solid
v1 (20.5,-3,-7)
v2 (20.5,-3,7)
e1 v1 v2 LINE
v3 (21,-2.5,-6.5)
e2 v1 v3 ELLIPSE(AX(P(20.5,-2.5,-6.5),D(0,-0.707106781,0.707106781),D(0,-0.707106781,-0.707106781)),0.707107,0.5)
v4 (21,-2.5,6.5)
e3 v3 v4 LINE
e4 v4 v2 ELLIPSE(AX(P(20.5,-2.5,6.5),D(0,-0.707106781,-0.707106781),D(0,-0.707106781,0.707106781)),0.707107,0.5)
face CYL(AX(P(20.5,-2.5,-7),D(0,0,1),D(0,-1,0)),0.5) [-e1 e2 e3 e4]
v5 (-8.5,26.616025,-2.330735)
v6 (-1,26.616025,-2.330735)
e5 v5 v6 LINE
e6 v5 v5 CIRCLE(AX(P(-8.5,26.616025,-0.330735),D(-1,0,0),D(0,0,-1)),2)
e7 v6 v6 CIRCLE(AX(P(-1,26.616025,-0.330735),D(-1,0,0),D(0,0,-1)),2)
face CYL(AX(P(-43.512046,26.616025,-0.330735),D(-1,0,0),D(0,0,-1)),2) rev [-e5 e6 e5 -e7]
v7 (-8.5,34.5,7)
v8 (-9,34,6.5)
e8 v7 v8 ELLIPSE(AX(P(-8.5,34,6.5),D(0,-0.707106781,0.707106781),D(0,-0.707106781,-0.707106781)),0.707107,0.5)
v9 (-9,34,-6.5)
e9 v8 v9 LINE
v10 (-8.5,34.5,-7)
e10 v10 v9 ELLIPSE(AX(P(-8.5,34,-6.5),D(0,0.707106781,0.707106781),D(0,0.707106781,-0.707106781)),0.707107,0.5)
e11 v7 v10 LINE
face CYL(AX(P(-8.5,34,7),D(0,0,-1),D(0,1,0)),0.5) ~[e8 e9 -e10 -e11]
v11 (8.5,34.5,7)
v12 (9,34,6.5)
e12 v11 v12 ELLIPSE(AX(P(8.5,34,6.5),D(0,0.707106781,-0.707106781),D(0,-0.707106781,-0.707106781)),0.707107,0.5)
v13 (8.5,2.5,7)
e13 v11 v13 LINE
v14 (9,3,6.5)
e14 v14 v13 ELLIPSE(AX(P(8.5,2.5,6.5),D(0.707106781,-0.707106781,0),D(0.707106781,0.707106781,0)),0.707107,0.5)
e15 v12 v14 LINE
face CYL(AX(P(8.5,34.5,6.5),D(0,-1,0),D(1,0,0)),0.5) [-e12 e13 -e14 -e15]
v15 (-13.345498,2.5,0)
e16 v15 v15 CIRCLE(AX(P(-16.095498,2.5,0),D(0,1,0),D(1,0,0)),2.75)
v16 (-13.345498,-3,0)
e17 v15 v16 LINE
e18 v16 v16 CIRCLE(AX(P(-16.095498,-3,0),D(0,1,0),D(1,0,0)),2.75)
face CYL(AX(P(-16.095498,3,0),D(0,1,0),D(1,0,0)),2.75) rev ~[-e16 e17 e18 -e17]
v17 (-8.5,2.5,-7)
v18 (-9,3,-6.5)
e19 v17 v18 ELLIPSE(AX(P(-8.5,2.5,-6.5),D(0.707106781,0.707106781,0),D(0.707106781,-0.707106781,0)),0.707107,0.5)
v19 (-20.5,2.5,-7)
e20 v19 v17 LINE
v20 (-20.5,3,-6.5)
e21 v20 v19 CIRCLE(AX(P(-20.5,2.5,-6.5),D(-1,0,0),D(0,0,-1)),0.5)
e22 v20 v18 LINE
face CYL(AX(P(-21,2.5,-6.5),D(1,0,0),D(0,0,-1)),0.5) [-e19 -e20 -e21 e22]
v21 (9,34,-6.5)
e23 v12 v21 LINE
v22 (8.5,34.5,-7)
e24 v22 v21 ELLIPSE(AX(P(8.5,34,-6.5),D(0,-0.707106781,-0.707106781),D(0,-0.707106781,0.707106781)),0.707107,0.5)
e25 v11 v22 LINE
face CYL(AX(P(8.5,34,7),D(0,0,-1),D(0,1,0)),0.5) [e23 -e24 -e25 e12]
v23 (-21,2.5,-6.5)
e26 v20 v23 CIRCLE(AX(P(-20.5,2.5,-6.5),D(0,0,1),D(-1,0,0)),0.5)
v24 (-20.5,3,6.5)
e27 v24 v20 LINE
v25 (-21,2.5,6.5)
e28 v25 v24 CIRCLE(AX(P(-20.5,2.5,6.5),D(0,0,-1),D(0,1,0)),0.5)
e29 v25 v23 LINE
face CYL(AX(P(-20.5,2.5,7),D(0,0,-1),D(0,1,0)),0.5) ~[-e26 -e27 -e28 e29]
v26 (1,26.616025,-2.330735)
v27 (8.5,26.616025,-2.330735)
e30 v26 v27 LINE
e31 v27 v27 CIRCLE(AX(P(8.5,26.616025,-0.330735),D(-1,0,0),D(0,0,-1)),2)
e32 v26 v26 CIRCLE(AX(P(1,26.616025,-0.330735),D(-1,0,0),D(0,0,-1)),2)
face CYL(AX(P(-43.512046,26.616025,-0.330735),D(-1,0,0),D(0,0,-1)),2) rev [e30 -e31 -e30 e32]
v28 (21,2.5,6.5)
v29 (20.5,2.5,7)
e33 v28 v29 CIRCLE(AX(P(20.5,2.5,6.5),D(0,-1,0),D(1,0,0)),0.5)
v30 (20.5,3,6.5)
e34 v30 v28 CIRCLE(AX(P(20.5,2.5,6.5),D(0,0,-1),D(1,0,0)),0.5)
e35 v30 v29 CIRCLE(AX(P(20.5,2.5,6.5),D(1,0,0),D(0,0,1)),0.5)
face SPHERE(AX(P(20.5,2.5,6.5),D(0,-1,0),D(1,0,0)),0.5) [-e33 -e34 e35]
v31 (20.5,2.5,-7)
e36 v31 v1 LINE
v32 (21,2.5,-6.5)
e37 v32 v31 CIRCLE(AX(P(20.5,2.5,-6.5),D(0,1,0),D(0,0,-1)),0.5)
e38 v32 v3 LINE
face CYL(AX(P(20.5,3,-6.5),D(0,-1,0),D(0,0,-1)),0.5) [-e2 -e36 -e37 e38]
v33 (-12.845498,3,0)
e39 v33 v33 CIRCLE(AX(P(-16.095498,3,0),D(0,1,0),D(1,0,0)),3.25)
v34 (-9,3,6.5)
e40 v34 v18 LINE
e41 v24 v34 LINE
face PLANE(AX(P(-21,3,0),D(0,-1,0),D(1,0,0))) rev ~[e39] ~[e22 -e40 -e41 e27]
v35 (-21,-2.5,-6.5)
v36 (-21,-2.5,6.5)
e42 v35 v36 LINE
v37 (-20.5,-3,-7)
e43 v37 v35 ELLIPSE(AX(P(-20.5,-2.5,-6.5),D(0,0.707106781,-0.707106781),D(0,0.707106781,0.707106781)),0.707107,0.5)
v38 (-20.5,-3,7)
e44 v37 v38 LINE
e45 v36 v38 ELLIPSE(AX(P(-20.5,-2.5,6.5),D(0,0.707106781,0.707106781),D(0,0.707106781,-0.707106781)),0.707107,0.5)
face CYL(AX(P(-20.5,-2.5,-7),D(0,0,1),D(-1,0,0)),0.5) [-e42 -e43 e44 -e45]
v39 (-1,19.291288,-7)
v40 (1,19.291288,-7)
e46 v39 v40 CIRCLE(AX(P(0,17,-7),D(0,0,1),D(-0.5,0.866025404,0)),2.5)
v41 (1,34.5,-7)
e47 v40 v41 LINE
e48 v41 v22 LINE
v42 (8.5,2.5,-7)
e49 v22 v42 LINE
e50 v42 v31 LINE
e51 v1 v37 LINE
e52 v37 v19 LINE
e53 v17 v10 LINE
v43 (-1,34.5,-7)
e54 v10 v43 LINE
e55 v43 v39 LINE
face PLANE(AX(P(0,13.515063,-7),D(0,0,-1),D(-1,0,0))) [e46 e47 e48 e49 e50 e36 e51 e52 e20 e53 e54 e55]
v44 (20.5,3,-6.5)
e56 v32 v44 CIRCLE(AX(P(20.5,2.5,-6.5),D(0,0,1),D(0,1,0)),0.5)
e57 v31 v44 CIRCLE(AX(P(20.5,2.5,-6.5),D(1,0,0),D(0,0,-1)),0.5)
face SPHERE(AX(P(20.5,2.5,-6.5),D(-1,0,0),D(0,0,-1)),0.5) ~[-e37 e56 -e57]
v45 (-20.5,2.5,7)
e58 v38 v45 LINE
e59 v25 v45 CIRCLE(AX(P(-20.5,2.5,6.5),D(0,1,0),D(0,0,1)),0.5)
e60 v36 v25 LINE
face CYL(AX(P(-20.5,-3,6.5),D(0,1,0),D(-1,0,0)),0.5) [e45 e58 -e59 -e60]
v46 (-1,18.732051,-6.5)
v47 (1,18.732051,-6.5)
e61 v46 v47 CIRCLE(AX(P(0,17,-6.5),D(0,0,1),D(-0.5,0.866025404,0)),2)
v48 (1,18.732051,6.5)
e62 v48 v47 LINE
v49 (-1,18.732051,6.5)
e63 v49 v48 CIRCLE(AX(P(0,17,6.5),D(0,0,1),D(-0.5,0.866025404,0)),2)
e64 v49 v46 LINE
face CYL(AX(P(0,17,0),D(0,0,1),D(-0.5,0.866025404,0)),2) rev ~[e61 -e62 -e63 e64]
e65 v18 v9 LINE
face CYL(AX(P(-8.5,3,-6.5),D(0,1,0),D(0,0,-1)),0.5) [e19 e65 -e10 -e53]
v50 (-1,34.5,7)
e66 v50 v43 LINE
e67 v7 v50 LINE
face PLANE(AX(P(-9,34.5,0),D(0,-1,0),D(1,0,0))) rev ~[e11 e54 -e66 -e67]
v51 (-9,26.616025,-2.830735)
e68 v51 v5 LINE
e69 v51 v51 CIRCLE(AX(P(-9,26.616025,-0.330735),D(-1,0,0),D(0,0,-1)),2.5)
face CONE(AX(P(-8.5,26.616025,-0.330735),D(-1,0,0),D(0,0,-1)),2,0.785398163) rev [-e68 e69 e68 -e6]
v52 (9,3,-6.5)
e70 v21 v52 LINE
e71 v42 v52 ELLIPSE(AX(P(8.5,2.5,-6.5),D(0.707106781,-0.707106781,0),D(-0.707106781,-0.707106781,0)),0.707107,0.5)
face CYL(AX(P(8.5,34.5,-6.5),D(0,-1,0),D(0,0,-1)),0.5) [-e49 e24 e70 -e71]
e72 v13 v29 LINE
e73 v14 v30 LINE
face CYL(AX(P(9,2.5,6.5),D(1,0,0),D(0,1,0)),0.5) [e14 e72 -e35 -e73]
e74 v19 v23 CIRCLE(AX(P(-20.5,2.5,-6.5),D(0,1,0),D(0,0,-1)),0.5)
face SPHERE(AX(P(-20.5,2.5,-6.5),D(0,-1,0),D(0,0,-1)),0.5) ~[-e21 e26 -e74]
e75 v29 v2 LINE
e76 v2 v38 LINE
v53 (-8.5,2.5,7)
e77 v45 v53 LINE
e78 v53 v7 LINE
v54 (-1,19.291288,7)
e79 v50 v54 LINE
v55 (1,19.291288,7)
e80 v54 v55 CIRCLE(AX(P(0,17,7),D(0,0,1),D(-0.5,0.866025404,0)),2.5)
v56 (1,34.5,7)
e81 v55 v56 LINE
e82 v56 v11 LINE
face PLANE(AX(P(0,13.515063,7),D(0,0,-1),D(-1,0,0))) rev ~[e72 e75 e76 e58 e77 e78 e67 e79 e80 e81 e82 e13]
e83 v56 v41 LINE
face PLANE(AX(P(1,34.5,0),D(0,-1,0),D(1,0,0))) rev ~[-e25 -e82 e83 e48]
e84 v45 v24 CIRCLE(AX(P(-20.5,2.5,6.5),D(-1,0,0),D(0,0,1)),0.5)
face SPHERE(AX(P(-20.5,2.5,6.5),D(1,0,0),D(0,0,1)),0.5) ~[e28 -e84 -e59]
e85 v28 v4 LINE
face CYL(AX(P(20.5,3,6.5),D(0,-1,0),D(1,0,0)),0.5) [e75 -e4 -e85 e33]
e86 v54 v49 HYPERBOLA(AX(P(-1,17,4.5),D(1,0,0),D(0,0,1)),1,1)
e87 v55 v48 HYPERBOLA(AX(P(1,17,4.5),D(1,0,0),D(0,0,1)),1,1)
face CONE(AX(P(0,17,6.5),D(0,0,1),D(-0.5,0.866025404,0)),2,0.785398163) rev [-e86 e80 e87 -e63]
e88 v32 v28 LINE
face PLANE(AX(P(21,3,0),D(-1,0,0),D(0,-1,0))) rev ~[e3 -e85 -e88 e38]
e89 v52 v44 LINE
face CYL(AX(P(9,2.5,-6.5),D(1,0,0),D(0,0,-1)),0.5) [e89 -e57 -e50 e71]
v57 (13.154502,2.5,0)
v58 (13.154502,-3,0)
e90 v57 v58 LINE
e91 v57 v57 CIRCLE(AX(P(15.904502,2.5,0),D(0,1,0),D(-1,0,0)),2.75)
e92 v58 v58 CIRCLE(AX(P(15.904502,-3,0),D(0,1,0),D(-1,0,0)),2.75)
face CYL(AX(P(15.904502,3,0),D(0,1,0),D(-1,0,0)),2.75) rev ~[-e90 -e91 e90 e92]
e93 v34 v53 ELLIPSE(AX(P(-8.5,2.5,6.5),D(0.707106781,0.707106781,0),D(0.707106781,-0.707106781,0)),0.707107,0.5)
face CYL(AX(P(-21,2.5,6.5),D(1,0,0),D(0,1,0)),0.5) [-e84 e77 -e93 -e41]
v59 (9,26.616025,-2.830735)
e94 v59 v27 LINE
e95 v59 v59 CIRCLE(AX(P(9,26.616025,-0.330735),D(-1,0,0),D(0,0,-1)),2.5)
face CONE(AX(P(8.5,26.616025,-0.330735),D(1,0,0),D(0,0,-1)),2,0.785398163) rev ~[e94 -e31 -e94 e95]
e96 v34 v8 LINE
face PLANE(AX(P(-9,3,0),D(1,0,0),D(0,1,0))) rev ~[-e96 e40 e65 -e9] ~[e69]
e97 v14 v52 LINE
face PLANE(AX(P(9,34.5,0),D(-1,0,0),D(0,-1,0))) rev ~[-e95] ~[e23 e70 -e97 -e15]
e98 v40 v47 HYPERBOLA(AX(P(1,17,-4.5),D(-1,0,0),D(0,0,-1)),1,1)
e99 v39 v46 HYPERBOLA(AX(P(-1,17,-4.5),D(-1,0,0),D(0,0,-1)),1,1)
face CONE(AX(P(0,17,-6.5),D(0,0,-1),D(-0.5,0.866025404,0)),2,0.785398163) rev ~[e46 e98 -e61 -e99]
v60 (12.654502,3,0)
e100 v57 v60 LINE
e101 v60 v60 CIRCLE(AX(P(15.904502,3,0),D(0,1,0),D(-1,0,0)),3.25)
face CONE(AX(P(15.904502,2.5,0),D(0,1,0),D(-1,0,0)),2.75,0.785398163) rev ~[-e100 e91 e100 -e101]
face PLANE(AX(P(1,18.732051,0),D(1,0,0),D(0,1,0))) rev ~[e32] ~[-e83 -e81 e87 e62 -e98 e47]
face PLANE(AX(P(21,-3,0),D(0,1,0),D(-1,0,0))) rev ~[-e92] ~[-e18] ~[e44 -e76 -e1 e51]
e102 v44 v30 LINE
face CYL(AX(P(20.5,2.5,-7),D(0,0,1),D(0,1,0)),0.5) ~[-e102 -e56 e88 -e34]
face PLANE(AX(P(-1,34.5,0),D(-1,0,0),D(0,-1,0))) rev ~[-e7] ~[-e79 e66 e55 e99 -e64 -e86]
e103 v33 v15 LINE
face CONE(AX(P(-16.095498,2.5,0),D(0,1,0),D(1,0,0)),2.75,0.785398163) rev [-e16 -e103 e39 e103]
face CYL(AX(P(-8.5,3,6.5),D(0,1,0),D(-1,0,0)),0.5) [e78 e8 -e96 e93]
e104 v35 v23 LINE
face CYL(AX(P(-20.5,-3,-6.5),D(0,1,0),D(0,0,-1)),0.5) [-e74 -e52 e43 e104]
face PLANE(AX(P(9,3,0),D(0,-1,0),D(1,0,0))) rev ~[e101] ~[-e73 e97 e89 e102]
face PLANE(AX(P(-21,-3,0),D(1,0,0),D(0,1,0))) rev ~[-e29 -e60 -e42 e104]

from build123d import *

# Parameters (mm, degrees)
BOSS_EXTRUDE1_DEPTH     = 7
SKETCH2_R               = 2.75
CUT_EXTRUDE1_DEPTH      = 39.5
CUT_EXTRUDE2_DEPTH      = 42.512046444
CUT_EXTRUDE2_DEPTH_BACK = 42.512046444
SKETCH5_R               = 2
CHAMFER2_SIZE           = 0.5
FILLET2_R               = 0.5


with BuildPart() as part:
    # Sketch1 → Boss-Extrude1 (new, symmetric)
    with BuildSketch(Plane.XY):
        with BuildLine():
            Line((-21, -3), (-21, 3))
            Line((-21, 3), (-9, 3))
            Line((-9, 3), (-9, 34.5))
            Line((-9, 34.5), (-1, 34.5))
            Line((-1, 34.5), (-1, 18.732050808))
            ThreePointArc((-1, 18.732050808), (0, 15), (1, 18.732050808))
            Line((1, 18.732050808), (1, 34.5))
            Line((1, 34.5), (9, 34.5))
            Line((9, 34.5), (9, 3))
            Line((9, 3), (21, 3))
            Line((21, 3), (21, -3))
            Line((21, -3), (-21, -3))
        make_face()
    extrude(amount=BOSS_EXTRUDE1_DEPTH, both=True)

    # Sketch2 → Cut-Extrude1 (cut, through all)
    with BuildSketch(Plane(origin=(0, 3, 0), x_dir=(1, 0, 0), z_dir=(0, 1, 0))):
        with Locations(Location((15.904501915, 0, 0), (0, 0, 180))):
            Circle(SKETCH2_R)
        with Locations((-16.095498085, 0)):
            Circle(SKETCH2_R)
    extrude(amount=-CUT_EXTRUDE1_DEPTH, mode=Mode.SUBTRACT)

    # Sketch5 → Cut-Extrude2 (cut, two sides: drawn at the far end of the back side and taken through both)
    with BuildSketch(Plane(origin=(-1, 0, 0), x_dir=(0, 0, -1), z_dir=(1, 0, 0)).offset(-CUT_EXTRUDE2_DEPTH_BACK)):
        with Locations((0.330734984, 26.616025404)):
            Circle(SKETCH5_R)
    extrude(amount=CUT_EXTRUDE2_DEPTH + CUT_EXTRUDE2_DEPTH_BACK, mode=Mode.SUBTRACT)

    # Chamfer2
    chamfer2_edges = [part.edges().sort_by_distance(p)[0] for p in [
        (0, 15, -7),
        (0, 15, 7),
        (18.654501915, 3, 0),
        (-18.845498085, 3, 0),
        (-9, 26.616025404, 1.669265016),
        (9, 26.616025404, 1.669265016),
    ]]
    chamfer(chamfer2_edges, length=CHAMFER2_SIZE)

    # Fillet2
    fillet2_edges = [part.edges().sort_by_distance(p)[0] for p in [
        (-15, 3, 7),
        (9, 18.75, -7),
        (15, 3, -7),
        (-21, 0, 7),
        (21, 0, -7),
        (-21, 0, -7),
        (-15, 3, -7),
        (-9, 18.75, -7),
        (21, 0, 7),
        (9, 34.5, 0),
        (21, 3, 0),
        (21, -3, 0),
        (-21, -3, 0),
        (-21, 3, 0),
        (-9, 34.5, 0),
        (15, 3, 7),
        (9, 18.75, 7),
        (-9, 18.75, 7),
    ]]
    fillet(fillet2_edges, radius=FILLET2_R)


solid = part.part
